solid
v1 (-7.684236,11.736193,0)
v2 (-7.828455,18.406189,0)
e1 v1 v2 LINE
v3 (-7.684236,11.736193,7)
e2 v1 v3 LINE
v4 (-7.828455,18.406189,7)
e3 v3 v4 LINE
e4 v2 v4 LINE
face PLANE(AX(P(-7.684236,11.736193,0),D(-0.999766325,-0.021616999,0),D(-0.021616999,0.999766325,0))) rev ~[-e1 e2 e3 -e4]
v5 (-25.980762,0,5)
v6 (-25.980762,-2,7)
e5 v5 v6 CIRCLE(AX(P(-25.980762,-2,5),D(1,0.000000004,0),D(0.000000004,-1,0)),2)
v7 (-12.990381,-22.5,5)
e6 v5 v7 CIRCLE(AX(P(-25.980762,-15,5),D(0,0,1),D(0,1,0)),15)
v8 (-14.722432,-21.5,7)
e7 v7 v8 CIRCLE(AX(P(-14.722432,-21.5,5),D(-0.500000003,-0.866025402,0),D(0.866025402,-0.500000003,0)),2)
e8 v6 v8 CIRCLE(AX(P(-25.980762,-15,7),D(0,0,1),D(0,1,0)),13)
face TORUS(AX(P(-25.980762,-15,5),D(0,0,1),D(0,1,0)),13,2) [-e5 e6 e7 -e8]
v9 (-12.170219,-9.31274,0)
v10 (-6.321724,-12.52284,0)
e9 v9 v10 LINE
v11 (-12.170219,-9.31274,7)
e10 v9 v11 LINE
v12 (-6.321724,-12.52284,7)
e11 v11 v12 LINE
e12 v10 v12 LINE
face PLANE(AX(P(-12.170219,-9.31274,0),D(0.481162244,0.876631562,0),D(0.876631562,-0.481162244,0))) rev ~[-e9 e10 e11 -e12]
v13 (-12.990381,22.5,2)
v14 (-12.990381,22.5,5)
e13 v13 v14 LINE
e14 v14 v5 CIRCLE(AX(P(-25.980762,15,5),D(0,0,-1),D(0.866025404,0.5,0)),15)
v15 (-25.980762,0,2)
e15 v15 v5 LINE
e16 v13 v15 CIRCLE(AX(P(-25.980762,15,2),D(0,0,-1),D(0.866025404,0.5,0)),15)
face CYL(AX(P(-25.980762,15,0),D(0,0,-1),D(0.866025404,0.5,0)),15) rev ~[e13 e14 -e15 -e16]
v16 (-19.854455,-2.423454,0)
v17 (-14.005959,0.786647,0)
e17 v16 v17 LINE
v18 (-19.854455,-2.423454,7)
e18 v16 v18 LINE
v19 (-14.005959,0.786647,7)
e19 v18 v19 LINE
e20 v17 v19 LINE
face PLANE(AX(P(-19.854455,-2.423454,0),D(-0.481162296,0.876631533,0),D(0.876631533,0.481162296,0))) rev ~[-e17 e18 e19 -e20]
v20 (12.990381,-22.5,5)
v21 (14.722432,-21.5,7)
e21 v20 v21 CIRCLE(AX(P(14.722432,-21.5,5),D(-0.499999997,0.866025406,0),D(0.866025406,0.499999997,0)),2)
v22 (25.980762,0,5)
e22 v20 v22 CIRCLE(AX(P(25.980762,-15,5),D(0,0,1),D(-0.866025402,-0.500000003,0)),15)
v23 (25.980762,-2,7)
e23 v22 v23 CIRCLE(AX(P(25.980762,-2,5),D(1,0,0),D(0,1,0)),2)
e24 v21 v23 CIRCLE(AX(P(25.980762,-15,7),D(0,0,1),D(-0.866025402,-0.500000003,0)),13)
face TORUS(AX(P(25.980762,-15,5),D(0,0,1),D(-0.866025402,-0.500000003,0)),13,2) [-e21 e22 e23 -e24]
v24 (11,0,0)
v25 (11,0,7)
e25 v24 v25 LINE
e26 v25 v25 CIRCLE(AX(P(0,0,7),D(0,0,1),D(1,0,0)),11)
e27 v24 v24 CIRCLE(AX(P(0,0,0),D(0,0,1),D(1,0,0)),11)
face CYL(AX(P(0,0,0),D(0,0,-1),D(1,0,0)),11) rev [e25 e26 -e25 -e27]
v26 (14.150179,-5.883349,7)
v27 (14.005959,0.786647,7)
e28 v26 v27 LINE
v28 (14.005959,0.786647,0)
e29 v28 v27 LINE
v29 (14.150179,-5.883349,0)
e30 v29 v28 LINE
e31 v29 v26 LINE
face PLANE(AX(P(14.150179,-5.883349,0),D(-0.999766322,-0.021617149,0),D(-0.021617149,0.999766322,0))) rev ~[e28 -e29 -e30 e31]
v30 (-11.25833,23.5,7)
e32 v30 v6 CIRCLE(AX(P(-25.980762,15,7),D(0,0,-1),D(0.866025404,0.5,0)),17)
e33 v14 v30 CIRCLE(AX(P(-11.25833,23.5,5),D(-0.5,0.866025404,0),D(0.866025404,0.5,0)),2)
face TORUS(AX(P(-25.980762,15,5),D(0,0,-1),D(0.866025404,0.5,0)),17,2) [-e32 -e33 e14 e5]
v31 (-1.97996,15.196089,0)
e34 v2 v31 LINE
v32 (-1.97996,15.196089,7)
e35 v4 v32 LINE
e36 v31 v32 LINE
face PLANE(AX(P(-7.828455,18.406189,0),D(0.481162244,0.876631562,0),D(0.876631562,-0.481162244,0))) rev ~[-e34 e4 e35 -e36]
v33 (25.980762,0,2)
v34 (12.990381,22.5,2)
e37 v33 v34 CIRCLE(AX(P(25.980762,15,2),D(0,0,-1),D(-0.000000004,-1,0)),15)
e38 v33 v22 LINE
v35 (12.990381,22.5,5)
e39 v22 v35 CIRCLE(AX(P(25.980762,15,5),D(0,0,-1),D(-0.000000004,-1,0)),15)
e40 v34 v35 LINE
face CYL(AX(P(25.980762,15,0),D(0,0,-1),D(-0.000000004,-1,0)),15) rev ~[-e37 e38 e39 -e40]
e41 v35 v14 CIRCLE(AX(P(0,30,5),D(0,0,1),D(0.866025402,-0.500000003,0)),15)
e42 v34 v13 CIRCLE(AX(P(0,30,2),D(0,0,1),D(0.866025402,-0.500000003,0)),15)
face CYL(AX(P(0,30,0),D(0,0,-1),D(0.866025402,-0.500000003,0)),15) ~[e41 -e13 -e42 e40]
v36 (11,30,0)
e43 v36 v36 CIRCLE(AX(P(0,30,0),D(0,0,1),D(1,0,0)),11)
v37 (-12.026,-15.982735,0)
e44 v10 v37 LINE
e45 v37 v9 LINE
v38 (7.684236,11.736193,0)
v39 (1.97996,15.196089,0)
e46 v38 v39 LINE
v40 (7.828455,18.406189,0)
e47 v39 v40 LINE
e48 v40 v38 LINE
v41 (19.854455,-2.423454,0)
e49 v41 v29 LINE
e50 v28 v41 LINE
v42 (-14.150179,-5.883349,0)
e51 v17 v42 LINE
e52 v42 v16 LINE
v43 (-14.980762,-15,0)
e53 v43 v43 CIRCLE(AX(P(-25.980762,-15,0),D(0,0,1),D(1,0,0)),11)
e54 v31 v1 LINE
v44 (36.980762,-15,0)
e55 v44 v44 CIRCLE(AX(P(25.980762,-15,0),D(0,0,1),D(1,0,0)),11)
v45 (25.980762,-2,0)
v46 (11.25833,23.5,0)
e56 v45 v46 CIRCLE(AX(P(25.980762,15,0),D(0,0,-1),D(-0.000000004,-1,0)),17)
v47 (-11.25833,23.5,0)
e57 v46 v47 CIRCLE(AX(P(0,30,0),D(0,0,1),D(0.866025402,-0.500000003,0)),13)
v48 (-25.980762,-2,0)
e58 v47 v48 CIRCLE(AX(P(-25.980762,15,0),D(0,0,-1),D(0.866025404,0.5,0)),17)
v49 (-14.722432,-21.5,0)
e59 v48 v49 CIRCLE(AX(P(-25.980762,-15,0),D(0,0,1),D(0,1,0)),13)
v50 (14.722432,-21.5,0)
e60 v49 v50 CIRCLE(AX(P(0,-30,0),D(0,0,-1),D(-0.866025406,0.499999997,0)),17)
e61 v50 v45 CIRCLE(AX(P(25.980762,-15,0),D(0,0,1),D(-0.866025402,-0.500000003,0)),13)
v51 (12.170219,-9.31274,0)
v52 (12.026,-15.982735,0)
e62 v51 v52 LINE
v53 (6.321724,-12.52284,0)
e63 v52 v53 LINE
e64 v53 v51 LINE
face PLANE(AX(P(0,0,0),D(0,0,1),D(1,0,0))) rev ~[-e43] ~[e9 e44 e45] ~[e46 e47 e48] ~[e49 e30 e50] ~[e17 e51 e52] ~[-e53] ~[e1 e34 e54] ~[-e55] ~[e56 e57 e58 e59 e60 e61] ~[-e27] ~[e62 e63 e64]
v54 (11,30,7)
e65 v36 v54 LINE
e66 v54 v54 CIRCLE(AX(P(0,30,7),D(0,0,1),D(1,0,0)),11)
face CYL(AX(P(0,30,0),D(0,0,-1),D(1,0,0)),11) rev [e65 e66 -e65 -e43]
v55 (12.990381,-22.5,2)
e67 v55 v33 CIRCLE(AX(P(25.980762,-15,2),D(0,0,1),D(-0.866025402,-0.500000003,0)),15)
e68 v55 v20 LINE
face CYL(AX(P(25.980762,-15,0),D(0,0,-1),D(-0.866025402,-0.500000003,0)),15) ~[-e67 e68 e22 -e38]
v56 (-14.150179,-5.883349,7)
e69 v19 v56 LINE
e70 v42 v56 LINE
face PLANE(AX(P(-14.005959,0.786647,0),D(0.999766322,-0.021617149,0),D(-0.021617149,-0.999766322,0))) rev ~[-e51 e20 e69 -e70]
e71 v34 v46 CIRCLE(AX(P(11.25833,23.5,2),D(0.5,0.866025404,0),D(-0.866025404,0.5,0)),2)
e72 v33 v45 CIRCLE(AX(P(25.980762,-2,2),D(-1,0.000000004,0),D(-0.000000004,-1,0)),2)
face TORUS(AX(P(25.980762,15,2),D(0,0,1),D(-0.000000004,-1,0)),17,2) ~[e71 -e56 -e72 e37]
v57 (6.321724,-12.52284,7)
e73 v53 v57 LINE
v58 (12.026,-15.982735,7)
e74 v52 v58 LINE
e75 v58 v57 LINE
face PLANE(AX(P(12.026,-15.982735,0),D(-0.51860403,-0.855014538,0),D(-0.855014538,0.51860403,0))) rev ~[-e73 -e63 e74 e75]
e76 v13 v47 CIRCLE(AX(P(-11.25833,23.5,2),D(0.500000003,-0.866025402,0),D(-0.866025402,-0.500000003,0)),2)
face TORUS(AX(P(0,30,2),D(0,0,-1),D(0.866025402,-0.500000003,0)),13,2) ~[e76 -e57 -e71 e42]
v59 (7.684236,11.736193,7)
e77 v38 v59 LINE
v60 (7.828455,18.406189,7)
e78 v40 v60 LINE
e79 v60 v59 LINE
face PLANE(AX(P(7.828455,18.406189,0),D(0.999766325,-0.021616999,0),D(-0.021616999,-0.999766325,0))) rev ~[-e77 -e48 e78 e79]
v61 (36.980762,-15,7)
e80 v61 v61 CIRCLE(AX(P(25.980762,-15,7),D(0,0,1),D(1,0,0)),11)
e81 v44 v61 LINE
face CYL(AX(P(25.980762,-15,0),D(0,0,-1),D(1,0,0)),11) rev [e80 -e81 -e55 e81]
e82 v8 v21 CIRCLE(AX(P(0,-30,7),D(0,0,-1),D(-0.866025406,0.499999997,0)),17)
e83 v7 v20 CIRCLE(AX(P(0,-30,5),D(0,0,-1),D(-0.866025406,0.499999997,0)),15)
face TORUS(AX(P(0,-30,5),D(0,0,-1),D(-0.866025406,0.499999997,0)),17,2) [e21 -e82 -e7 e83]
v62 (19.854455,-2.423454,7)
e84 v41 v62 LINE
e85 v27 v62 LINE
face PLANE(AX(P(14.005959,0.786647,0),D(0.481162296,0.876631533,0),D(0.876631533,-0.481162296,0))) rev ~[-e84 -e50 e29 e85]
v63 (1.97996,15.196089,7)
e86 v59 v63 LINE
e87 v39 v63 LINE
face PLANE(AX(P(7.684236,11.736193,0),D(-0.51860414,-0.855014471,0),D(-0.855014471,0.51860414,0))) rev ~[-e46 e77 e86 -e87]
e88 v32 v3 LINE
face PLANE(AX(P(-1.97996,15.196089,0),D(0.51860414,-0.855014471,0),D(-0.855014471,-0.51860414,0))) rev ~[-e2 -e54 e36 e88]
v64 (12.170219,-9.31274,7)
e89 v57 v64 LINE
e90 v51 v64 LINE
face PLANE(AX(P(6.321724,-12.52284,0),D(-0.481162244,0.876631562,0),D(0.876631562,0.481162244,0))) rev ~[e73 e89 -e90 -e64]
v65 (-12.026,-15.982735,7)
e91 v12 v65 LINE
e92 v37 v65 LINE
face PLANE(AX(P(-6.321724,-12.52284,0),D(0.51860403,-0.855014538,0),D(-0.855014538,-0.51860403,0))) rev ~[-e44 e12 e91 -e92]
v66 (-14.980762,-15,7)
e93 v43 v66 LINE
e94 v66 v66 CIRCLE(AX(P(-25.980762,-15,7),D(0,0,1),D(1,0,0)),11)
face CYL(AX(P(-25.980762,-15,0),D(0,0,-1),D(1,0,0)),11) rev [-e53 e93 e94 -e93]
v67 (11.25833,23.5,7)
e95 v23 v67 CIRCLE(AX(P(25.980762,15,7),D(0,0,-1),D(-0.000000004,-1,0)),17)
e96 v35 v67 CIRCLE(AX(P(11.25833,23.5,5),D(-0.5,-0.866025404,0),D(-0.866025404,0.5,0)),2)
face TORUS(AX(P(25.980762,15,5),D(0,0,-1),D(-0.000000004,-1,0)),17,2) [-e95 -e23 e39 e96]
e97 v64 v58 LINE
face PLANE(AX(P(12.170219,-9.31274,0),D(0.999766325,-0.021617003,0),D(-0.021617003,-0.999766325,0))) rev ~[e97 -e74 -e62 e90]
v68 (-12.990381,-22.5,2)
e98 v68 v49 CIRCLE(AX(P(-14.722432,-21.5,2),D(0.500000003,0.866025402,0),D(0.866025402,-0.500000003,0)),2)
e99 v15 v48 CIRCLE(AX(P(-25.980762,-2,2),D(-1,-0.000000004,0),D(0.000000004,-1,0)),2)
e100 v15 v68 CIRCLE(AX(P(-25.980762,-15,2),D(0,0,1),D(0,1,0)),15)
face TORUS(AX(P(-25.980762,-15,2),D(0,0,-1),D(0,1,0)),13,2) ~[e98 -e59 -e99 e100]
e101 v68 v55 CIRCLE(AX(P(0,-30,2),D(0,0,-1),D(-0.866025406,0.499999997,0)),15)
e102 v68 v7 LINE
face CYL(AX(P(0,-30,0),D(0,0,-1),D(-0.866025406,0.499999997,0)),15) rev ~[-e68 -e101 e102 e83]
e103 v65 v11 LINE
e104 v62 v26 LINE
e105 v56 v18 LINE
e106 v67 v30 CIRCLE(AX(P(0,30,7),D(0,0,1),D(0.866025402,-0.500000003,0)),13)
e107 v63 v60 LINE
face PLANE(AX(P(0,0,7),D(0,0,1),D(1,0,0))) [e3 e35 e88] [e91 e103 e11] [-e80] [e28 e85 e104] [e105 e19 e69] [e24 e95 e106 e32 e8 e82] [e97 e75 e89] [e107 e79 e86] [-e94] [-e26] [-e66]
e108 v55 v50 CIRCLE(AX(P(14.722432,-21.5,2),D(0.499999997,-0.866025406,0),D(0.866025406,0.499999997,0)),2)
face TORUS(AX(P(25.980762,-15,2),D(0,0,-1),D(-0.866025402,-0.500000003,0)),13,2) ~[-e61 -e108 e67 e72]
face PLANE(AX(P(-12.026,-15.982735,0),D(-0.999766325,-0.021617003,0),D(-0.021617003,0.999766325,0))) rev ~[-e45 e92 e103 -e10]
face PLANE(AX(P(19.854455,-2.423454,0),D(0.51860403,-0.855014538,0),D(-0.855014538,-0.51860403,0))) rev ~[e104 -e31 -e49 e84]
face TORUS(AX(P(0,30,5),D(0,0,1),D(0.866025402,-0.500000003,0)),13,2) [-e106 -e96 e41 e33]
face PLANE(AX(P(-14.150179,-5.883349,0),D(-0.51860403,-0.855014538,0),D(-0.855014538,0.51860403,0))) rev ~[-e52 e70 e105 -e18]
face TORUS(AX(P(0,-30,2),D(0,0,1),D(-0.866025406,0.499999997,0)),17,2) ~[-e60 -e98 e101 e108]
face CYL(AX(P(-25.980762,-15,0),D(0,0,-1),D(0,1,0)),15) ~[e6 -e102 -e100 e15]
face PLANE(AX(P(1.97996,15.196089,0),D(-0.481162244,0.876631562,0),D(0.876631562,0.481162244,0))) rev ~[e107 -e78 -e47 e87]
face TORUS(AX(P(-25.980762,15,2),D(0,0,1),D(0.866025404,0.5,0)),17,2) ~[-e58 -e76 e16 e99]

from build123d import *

# Parameters (mm, degrees)
F0_R     = 11
F1_DEPTH = 7
F2_R     = 2


with BuildPart() as f1:
    # F0 (on Top) → F1 (new body)
    with BuildSketch(Plane.XY):
        with BuildLine():
            ThreePointArc((25.980762, 0), (12.990381, 7.5), (12.990381, 22.5))
            ThreePointArc((12.990381, 22.5), (0, 45), (-12.990381, 22.5))
            ThreePointArc((-12.990381, 22.5), (-12.990381, 7.5), (-25.980762, 0))
            ThreePointArc((-25.980762, 0), (-38.971143, -22.5), (-12.990381, -22.5))
            ThreePointArc((-12.990381, -22.5), (0, -15), (12.990381, -22.5))
            ThreePointArc((12.990381, -22.5), (38.971143, -22.5), (25.980762, 0))
        make_face()
        with Locations((-25.980762, -15)):
            Circle(F0_R, mode=Mode.SUBTRACT)
        Polygon((-12.026, -15.982735), (-12.170219, -9.31274), (-6.321724, -12.52284), align=None, mode=Mode.SUBTRACT)
        Polygon((-14.005959, 0.786647), (-14.150179, -5.883349), (-19.854455, -2.423454), align=None, mode=Mode.SUBTRACT)
        Polygon((6.321724, -12.52284), (12.170219, -9.31274), (12.026, -15.982735), align=None, mode=Mode.SUBTRACT)
        with Locations((25.980762, -15)):
            Circle(F0_R, mode=Mode.SUBTRACT)
        Polygon((14.150179, -5.883349), (14.005959, 0.786647), (19.854455, -2.423454), align=None, mode=Mode.SUBTRACT)
        Circle(F0_R, mode=Mode.SUBTRACT)
        Polygon((-7.684236, 11.736193), (-7.828455, 18.406189), (-1.97996, 15.196089), align=None, mode=Mode.SUBTRACT)
        Polygon((1.97996, 15.196089), (7.828455, 18.406189), (7.684236, 11.736193), align=None, mode=Mode.SUBTRACT)
        with Locations((0, 30)):
            Circle(F0_R, mode=Mode.SUBTRACT)
    extrude(amount=F1_DEPTH)

    # F2
    f2_edges = [f1.edges().sort_by_distance(p)[0] for p in [
        (-12.990381, 7.5, 7),
        (0, 45, 7),
        (12.990381, 7.5, 0),
        (12.990381, 7.5, 7),
        (38.971143, -22.5, 7),
        (0, -15, 7),
        (-38.971143, -22.5, 7),
        (0, 45, 0),
        (-12.990381, 7.5, 0),
        (-38.971143, -22.5, 0),
        (0, -15, 0),
        (38.971143, -22.5, 0),
    ]]
    fillet(f2_edges, radius=F2_R)


solid = f1.part
